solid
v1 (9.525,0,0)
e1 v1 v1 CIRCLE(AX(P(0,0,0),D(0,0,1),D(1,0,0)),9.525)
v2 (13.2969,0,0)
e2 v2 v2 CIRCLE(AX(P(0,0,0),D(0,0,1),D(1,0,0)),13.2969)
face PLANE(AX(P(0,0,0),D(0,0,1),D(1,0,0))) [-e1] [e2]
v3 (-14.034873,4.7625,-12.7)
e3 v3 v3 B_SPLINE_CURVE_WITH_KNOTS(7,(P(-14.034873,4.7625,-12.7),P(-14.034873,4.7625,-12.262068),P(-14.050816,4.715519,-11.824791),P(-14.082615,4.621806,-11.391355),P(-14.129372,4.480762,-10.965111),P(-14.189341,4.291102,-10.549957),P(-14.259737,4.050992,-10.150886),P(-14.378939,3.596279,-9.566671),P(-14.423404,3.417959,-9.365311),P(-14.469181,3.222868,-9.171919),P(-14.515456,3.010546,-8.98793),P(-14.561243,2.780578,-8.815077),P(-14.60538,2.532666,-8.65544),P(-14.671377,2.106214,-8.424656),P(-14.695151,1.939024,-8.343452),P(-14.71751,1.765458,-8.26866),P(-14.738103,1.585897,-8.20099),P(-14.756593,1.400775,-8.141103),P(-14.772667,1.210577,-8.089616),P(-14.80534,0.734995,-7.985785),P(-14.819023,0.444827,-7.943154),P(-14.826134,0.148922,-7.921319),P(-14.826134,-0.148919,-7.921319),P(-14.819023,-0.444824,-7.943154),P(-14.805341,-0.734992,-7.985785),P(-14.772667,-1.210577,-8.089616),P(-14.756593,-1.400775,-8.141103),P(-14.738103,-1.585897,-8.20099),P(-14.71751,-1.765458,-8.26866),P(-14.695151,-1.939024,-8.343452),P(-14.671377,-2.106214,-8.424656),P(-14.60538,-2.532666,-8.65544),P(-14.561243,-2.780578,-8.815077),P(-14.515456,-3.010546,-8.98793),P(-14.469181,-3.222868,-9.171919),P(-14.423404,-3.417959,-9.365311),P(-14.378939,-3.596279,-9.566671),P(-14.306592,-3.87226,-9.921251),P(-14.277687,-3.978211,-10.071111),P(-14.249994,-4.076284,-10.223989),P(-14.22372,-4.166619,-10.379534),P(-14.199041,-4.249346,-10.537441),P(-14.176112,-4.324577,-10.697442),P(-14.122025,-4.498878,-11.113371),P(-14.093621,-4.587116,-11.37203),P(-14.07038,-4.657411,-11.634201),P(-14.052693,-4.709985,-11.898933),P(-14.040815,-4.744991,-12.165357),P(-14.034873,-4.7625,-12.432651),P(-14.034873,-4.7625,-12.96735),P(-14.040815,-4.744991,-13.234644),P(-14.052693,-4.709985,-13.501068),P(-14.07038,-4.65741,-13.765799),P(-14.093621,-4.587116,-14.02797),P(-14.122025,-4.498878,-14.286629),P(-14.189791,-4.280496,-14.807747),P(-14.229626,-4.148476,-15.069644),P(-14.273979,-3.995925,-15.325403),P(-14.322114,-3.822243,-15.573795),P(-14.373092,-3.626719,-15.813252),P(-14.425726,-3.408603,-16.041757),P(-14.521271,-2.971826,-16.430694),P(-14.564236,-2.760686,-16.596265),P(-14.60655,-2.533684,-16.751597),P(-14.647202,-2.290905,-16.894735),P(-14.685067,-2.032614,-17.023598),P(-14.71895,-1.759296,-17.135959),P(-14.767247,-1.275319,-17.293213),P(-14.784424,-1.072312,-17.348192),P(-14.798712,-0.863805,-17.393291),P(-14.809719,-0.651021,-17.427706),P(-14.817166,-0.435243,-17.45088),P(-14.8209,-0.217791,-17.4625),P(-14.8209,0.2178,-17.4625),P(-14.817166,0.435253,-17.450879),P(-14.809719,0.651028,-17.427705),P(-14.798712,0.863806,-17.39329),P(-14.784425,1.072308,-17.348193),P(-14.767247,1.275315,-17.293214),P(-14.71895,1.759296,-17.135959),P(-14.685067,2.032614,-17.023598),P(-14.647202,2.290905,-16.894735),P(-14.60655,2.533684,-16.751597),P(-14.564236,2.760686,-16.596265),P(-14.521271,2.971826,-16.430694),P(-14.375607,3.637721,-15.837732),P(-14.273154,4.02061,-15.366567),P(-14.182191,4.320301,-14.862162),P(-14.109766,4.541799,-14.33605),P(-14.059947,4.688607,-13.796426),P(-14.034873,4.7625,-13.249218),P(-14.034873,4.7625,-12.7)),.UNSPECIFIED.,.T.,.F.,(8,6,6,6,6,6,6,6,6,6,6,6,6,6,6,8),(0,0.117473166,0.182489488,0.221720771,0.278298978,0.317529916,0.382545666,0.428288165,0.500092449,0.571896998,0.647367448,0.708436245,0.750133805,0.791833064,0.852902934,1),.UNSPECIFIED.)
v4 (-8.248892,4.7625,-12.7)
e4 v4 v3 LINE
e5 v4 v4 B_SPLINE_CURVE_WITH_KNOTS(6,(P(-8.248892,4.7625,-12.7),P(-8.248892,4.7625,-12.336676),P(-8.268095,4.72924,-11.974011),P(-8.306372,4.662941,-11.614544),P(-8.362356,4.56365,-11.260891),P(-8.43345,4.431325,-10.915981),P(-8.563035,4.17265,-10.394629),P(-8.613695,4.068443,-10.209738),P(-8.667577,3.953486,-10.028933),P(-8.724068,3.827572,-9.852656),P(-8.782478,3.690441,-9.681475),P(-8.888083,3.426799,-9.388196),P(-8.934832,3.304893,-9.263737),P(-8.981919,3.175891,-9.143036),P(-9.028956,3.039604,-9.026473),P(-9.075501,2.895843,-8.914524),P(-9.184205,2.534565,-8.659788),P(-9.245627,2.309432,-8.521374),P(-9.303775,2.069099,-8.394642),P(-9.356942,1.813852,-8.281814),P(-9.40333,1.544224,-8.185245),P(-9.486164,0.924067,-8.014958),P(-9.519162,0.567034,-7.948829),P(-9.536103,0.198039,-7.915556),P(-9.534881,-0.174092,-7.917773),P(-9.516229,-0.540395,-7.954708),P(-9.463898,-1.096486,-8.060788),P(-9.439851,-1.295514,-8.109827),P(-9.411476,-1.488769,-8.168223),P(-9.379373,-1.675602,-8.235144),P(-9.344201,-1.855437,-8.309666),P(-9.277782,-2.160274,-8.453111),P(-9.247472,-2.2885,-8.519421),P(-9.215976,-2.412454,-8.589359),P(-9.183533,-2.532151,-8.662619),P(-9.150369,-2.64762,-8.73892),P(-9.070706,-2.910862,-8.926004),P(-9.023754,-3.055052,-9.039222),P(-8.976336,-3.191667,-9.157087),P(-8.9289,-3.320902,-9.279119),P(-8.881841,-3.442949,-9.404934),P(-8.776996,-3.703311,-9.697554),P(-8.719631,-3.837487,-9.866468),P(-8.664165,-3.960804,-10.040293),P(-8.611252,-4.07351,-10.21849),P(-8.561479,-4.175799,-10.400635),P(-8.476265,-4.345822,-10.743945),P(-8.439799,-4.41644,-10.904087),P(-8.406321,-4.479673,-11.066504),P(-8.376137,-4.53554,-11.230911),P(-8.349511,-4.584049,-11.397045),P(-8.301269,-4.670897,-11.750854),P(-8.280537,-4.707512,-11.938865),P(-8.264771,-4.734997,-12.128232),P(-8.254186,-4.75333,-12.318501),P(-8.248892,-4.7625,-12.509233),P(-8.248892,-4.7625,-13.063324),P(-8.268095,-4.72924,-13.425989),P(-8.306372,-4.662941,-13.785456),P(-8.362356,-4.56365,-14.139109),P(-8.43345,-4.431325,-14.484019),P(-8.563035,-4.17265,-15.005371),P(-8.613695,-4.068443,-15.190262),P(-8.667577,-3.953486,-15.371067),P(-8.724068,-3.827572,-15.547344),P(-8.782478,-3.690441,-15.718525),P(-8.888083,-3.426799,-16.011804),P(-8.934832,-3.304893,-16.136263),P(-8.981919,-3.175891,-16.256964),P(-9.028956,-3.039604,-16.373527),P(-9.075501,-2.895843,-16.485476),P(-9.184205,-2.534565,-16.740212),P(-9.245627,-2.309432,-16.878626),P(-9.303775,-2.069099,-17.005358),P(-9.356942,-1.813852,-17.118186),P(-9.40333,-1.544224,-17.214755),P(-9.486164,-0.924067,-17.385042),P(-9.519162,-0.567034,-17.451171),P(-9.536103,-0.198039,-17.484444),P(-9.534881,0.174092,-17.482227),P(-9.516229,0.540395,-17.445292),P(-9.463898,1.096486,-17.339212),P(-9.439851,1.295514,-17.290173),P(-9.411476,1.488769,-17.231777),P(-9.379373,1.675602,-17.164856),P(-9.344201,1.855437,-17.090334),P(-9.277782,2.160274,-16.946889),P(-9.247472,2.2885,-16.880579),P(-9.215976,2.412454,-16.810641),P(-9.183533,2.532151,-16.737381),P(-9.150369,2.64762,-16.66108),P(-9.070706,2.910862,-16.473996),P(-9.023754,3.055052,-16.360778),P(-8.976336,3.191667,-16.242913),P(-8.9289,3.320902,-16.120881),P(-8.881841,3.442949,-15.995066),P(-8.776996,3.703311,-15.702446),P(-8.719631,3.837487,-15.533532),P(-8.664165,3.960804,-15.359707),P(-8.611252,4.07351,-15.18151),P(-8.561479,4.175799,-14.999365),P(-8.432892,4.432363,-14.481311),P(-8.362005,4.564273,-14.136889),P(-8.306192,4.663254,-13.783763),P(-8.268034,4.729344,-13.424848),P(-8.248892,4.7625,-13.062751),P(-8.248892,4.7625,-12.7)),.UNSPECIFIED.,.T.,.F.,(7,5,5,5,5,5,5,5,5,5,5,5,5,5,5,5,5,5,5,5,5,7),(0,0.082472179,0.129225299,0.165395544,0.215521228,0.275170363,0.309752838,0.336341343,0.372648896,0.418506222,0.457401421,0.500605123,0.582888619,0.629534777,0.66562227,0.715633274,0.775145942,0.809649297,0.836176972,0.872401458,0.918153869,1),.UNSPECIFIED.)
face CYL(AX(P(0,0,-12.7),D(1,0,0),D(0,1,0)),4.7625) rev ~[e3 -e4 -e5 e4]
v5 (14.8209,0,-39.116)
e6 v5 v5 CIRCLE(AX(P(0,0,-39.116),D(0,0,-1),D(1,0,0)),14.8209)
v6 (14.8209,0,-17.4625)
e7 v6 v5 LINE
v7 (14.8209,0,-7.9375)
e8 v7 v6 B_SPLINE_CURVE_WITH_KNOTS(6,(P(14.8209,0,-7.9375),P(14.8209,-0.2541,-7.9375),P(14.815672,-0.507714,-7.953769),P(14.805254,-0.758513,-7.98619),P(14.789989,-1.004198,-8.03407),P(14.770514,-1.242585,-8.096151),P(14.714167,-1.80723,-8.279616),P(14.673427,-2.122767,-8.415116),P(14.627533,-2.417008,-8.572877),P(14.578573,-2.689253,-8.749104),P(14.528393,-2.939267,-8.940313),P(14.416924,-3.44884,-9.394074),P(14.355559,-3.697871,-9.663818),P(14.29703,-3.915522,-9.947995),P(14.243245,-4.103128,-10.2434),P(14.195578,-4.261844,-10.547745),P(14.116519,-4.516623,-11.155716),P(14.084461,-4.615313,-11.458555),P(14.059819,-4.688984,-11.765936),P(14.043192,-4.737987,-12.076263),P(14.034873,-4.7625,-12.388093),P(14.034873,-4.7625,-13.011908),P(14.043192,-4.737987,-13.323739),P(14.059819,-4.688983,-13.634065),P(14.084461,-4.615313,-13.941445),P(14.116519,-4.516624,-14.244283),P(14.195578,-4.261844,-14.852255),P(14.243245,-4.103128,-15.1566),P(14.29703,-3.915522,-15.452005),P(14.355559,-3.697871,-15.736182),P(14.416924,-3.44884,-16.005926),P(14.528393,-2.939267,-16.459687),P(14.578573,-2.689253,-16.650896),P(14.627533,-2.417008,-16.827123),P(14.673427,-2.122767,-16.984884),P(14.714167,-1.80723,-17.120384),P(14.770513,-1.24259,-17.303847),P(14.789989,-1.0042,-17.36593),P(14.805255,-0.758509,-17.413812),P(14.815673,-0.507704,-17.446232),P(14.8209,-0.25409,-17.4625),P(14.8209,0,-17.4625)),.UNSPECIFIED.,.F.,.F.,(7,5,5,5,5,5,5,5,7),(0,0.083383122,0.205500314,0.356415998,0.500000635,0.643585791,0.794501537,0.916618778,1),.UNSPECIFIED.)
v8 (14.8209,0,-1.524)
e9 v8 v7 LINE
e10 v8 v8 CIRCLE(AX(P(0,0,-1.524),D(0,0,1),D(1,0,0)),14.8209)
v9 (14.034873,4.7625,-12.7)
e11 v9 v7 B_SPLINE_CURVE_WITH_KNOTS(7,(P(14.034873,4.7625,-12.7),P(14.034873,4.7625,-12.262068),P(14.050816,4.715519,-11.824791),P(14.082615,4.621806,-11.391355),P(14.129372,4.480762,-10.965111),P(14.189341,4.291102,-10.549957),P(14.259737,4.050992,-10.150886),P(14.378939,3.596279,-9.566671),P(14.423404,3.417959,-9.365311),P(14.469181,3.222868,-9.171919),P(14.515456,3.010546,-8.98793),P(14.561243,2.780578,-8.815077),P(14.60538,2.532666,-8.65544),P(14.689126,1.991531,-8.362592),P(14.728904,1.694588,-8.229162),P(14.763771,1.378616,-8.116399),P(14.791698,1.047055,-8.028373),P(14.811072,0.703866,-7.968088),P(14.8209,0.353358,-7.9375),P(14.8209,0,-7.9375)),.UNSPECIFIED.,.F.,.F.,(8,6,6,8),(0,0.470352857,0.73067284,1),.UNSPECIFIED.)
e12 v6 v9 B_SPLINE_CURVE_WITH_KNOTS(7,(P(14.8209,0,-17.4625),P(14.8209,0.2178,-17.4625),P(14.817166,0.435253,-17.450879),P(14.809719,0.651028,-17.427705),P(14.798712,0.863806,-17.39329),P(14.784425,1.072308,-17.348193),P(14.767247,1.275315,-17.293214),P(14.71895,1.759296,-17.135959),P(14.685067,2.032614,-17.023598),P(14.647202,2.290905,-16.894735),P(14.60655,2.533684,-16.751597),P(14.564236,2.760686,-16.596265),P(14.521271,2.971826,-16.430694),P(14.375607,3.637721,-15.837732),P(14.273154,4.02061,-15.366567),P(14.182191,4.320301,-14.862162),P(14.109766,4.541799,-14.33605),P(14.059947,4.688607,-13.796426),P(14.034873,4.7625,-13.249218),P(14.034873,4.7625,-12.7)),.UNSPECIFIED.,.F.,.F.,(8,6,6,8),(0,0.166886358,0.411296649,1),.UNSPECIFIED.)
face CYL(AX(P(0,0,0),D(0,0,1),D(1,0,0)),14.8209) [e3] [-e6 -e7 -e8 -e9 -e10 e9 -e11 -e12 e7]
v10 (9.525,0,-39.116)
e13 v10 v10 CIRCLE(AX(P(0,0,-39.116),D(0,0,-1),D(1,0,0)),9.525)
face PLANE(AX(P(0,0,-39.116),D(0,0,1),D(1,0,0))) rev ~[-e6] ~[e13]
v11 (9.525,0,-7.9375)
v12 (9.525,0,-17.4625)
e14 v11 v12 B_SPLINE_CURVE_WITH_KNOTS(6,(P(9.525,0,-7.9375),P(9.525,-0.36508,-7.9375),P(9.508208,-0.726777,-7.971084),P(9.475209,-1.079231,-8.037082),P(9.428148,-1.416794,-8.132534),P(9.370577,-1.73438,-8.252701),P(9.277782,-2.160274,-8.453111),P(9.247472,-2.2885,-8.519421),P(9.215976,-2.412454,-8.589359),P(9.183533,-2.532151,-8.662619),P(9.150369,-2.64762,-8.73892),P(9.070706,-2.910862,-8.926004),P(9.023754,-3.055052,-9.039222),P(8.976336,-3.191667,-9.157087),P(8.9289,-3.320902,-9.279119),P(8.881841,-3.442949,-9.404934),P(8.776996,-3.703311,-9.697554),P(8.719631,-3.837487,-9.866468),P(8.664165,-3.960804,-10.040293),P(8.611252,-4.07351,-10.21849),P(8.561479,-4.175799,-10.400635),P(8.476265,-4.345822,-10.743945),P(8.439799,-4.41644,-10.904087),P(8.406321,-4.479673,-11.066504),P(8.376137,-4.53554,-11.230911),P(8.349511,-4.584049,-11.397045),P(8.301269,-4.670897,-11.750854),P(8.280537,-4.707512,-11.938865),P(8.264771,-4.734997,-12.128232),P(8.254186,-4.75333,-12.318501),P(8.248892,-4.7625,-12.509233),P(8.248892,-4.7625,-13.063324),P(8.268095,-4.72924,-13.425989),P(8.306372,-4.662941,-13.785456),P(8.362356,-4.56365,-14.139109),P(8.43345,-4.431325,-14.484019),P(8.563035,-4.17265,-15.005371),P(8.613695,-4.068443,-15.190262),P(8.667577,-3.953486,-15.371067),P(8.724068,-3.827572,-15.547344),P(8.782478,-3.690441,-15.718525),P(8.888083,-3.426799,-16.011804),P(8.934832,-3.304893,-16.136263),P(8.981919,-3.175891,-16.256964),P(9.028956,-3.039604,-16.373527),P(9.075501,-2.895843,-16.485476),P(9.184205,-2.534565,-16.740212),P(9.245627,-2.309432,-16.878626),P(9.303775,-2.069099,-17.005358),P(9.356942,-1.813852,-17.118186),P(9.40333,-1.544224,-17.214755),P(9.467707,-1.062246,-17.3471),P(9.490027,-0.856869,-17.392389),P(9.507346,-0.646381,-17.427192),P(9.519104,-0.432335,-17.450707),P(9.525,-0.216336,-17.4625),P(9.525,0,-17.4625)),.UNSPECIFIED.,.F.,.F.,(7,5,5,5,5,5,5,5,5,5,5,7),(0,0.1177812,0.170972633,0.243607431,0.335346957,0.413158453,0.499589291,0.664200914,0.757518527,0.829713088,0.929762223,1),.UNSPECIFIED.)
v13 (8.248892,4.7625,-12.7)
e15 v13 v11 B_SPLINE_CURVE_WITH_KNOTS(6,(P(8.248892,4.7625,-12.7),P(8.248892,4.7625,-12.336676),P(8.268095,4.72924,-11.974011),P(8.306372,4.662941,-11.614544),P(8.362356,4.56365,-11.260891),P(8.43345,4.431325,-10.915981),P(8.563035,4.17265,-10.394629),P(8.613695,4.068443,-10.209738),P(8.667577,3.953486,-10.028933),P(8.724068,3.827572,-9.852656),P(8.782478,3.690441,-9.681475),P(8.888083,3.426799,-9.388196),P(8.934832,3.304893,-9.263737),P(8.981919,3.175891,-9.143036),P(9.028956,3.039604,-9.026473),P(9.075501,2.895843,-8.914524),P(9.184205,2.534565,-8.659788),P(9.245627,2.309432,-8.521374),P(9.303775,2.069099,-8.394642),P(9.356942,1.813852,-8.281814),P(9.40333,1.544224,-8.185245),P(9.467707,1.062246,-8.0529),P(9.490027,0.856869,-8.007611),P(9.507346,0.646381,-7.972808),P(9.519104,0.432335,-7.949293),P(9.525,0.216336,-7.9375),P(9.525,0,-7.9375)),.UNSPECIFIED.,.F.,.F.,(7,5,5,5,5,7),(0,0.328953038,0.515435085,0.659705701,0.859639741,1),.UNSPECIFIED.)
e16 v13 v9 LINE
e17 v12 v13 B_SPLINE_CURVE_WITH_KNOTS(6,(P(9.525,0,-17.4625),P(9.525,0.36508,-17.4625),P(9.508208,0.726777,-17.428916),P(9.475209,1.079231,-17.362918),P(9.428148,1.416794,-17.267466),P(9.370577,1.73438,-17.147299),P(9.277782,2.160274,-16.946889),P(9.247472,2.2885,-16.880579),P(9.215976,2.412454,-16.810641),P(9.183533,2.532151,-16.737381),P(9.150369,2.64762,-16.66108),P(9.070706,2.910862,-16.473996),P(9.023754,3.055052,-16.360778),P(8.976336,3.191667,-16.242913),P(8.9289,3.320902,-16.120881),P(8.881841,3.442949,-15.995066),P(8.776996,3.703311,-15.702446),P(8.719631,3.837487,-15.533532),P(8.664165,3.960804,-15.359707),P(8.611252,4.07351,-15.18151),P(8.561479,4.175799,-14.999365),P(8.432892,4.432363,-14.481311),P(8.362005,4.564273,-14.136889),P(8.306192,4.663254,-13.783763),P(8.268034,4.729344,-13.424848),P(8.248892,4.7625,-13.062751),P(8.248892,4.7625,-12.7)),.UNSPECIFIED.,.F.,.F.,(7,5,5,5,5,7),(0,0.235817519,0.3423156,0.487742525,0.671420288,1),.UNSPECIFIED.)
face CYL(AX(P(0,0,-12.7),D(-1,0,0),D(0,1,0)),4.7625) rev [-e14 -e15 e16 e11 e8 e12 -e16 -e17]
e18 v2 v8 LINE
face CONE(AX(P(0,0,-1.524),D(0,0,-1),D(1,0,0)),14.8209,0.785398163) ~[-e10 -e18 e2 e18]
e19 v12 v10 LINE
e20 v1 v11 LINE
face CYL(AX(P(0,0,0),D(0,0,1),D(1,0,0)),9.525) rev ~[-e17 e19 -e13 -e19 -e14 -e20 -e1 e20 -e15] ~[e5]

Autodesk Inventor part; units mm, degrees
ref_plane "YZ Plane" through (0, 0, 0) normal (1, 0, 0) x (0, 1, 0)
ref_plane "XZ Plane" through (0, 0, 0) normal (0, 1, 0) x (-1, 0, 0)
ref_plane "XY Plane" through (0, 0, 0) normal (0, 0, 1) x (1, 0, 0)
sketch "Sketch1" plane through (0, 0, 0) normal (0, 0, 1) x (1, 0, 0)
  line L0 (-20.7493, 0) -> (20.7493, 0) projected
  line L1 (0, -20.7493) -> (0, 20.7493) projected
  circle A0 centre (0, 0) radius 14.8209
  circle A1 centre (0, 0) radius 9.525
  dimension "d2" = 29.6418
  dimension "d3" = 19.05
extrude "Extrusion1" add sketch "Sketch1" against normal blind 39.116 contours A1 L1 A0 L0 | L0 A0 L1 A1 | A1 L0 A0 L1 | L1 A0 L0 A1
chamfer "Chamfer1" distance 1.524 angle 45 1 edges at (-14.8209, 0, 0) measured on face at (14.7728, -1.1926, -26.0773)
sketch "Sketch2" plane through (0, 0, 0) normal (1, 0, 0) x (0, 1, 0)
  line L0 (-14.8209, -39.116) -> (14.8209, -39.116) projected
  line L1 (14.8209, -1.524) -> (14.8209, -39.116) projected
  circle A0 centre (0, -12.7) radius 4.7625
  point P0 (0, 0)
  dimension "d9" = 26.416
  dimension "d10" = 9.525
extrude "Extrusion2" cut sketch "Sketch2" along normal through all both and the other way through all
properties part number "Ch7(5) Part 5 Sleeve"
